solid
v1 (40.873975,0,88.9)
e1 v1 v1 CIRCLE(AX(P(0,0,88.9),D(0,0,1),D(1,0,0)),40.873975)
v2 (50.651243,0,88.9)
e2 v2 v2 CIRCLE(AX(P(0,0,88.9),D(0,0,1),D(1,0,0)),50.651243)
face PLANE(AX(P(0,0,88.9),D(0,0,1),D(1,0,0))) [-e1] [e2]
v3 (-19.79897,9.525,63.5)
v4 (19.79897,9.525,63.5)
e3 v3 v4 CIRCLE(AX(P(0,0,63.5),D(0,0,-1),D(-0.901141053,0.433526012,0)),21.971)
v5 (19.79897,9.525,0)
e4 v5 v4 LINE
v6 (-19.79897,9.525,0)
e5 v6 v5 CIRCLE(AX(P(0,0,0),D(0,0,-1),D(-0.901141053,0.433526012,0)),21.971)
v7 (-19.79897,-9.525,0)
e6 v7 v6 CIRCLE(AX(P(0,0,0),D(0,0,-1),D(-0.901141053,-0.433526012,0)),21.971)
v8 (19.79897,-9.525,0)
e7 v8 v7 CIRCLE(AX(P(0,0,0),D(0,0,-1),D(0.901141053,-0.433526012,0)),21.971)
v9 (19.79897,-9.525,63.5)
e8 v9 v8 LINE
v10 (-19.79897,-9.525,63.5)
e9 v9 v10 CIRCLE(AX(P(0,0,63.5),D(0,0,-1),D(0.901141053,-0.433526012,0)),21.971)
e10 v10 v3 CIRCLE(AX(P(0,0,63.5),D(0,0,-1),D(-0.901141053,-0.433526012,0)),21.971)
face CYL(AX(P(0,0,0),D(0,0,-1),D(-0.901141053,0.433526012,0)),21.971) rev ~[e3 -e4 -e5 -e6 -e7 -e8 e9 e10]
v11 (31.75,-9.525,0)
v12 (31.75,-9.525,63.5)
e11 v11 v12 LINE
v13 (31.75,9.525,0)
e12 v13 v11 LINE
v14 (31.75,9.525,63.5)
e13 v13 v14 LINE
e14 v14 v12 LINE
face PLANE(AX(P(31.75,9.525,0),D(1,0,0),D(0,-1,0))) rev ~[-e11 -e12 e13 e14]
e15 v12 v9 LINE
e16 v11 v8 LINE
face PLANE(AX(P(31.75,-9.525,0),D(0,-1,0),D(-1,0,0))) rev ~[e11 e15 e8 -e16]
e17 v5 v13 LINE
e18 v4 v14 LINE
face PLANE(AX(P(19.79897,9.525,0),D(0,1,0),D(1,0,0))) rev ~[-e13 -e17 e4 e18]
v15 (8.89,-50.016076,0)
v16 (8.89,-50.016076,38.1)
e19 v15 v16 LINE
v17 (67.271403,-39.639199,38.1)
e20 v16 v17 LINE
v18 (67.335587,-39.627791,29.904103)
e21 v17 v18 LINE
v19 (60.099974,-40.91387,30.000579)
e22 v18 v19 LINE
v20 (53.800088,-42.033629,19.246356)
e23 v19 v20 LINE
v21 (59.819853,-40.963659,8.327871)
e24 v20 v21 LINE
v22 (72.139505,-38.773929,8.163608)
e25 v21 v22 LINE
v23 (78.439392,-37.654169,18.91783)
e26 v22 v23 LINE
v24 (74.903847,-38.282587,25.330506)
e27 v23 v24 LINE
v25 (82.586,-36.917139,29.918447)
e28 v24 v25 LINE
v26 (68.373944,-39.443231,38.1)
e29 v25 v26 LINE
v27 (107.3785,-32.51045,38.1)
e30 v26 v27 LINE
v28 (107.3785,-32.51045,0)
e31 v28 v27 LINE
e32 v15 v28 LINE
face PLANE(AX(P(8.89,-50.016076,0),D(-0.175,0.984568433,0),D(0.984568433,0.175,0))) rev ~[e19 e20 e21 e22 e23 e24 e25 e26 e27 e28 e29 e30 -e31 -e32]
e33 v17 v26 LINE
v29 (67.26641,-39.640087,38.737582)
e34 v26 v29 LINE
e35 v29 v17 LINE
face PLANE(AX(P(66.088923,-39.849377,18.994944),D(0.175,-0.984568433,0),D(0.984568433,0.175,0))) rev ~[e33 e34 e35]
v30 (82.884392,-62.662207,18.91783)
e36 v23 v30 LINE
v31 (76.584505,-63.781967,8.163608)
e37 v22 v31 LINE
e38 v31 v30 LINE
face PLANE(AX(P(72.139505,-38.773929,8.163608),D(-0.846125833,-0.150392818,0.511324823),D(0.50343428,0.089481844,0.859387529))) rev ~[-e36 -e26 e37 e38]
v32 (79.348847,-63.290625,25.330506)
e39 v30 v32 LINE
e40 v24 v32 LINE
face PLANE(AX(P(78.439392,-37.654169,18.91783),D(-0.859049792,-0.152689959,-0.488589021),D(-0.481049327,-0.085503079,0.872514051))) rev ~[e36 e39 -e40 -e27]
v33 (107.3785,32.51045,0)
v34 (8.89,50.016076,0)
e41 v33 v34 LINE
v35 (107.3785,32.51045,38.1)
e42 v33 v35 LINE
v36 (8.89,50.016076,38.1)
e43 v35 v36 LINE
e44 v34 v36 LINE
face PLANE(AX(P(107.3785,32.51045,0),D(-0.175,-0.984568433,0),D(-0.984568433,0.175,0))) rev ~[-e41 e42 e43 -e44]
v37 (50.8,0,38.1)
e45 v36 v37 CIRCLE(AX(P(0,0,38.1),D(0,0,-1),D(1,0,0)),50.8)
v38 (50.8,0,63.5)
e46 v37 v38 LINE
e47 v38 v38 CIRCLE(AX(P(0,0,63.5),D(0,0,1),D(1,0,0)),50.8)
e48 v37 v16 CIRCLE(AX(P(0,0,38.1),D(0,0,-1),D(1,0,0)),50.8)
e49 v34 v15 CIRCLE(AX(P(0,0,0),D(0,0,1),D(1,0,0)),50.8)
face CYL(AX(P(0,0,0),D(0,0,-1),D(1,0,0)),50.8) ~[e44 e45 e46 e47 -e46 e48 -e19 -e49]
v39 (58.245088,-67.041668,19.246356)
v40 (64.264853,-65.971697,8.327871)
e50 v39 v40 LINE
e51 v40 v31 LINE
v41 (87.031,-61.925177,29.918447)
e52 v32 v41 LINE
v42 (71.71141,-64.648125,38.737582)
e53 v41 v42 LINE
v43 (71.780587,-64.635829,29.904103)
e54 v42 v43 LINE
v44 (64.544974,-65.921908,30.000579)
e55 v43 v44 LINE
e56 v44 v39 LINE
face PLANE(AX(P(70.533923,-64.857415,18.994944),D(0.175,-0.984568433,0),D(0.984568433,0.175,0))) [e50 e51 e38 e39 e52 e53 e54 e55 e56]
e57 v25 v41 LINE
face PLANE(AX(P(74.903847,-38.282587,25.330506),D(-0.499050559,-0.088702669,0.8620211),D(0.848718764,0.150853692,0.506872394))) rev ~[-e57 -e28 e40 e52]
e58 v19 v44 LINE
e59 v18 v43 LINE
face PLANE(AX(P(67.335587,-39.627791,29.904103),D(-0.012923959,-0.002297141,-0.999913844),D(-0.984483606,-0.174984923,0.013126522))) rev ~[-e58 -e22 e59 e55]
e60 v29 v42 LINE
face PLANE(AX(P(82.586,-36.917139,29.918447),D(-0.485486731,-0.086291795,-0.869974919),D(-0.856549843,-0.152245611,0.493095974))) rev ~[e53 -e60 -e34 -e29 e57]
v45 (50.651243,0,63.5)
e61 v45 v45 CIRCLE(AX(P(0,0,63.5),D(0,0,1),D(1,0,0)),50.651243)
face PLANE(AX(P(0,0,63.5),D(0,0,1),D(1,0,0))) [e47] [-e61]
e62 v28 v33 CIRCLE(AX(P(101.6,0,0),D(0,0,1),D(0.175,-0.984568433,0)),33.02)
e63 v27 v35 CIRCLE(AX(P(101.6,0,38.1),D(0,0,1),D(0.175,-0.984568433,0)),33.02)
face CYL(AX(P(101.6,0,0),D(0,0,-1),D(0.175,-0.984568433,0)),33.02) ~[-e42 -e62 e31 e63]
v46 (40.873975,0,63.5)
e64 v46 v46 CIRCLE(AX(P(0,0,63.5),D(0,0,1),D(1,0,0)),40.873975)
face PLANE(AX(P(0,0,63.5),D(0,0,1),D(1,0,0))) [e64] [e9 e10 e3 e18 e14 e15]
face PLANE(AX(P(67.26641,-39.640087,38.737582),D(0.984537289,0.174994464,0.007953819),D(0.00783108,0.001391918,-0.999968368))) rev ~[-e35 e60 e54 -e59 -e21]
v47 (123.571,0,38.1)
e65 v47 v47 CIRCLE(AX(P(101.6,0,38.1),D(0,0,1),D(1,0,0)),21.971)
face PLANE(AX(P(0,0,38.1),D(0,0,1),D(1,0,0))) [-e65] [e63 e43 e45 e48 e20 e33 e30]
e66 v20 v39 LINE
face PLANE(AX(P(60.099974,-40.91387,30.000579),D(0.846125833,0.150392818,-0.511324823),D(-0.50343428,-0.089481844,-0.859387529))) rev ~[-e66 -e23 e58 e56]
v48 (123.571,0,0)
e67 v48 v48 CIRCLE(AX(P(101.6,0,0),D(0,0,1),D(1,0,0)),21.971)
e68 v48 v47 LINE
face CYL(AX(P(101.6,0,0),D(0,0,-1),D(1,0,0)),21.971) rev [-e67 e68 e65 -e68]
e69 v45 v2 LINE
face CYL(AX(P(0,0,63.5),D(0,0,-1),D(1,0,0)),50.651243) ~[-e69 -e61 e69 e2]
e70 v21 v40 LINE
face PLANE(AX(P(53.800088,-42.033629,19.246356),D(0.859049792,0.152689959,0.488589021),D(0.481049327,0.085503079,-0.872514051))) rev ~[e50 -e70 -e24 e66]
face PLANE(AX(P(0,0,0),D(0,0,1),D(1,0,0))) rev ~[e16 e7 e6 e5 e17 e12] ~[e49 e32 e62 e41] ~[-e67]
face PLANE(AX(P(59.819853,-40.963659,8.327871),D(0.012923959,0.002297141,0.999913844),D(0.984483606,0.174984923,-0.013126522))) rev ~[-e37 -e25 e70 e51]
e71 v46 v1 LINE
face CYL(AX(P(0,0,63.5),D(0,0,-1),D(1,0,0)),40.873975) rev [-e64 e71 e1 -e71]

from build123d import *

# Parameters (mm, degrees)
F0_R     = 21.971
F1_DEPTH = 38.1
F2_DEPTH = 63.5
F5_DEPTH = 25.4
F6_R     = 50.6512427991
F6_R_2   = 40.8739745441
F7_DEPTH = 25.4


with BuildPart() as f1:
    # F0 (on Top) → F1 (new body)
    with BuildSketch(Plane.XY):
        with BuildLine():
            ThreePointArc((8.89, -50.0160764155), (38.9374626806, -32.6268907498), (50.8, 0))
            ThreePointArc((50.8, 0), (38.9374626806, 32.6268907498), (8.89, 50.0160764155))
            ThreePointArc((8.89, 50.0160764155), (-50.8, 0), (8.89, -50.0160764155))
        make_face()
        with BuildLine():
            ThreePointArc((-19.7989700742, 9.525), (0, 21.971), (19.7989700742, 9.525))
            Line((19.7989700742, 9.525), (31.75, 9.525))
            Line((31.75, 9.525), (31.75, -9.525))
            Line((31.75, -9.525), (19.7989700742, -9.525))
            ThreePointArc((19.7989700742, -9.525), (0, -21.971), (-19.7989700742, -9.525))
            Line((-19.7989700742, -9.525), (-31.75, -9.525))
            Line((-31.75, -9.525), (-31.75, 9.525))
            Line((-31.75, 9.525), (-19.7989700742, 9.525))
        make_face(mode=Mode.SUBTRACT)
        with BuildLine():
            ThreePointArc((8.89, 50.0160764155), (38.9374626806, 32.6268907498), (50.8, 0))
            ThreePointArc((50.8, 0), (38.9374626806, -32.6268907498), (8.89, -50.0160764155))
            Line((8.89, -50.0160764155), (107.3785, -32.5104496701))
            ThreePointArc((107.3785, -32.5104496701), (68.58, 0), (107.3785, 32.5104496701))
            Line((107.3785, 32.5104496701), (8.89, 50.0160764155))
        make_face()
        with BuildLine():
            ThreePointArc((134.62, 0), (126.9093507424, 21.2074789874), (107.3785, 32.5104496701))
            ThreePointArc((107.3785, 32.5104496701), (68.58, 0), (107.3785, -32.5104496701))
            ThreePointArc((107.3785, -32.5104496701), (126.9093507424, -21.2074789874), (134.62, 0))
        make_face()
        with Locations((101.6, 0)):
            Circle(F0_R, mode=Mode.SUBTRACT)
        with BuildLine():
            ThreePointArc((-19.7989700742, -9.525), (-21.971, 0), (-19.7989700742, 9.525))
            Line((-19.7989700742, 9.525), (-31.75, 9.525))
            Line((-31.75, 9.525), (-31.75, -9.525))
            Line((-31.75, -9.525), (-19.7989700742, -9.525))
        make_face()
    extrude(amount=F1_DEPTH)

    # F0 (on Top) → F2 (join)
    with BuildSketch(Plane.XY):
        with BuildLine():
            ThreePointArc((8.89, -50.0160764155), (38.9374626806, -32.6268907498), (50.8, 0))
            ThreePointArc((50.8, 0), (38.9374626806, 32.6268907498), (8.89, 50.0160764155))
            ThreePointArc((8.89, 50.0160764155), (-50.8, 0), (8.89, -50.0160764155))
        make_face()
        with BuildLine():
            ThreePointArc((-19.7989700742, 9.525), (0, 21.971), (19.7989700742, 9.525))
            Line((19.7989700742, 9.525), (31.75, 9.525))
            Line((31.75, 9.525), (31.75, -9.525))
            Line((31.75, -9.525), (19.7989700742, -9.525))
            ThreePointArc((19.7989700742, -9.525), (0, -21.971), (-19.7989700742, -9.525))
            Line((-19.7989700742, -9.525), (-31.75, -9.525))
            Line((-31.75, -9.525), (-31.75, 9.525))
            Line((-31.75, 9.525), (-19.7989700742, 9.525))
        make_face(mode=Mode.SUBTRACT)
        with BuildLine():
            ThreePointArc((-19.7989700742, -9.525), (-21.971, 0), (-19.7989700742, 9.525))
            Line((-19.7989700742, 9.525), (-31.75, 9.525))
            Line((-31.75, 9.525), (-31.75, -9.525))
            Line((-31.75, -9.525), (-19.7989700742, -9.525))
        make_face()
    extrude(amount=F2_DEPTH)

    # F4 (on face) → F5 (join)
    with BuildSketch(Plane(origin=(8.89, -50.0160764155, 0), x_dir=(0.9845684334, 0.175, 0), z_dir=(0.175, -0.9845684334, 0))):
        Polygon((64.2408422213, 8.1636081304), (70.6394698458, 18.9178303739), (67.0485100533, 25.3305059427), (59.4336241402, 20.8529178065), (59.3616303693, 29.9041031382), (52.0126105242, 30.0005785183), (45.6139828997, 19.2463562748), (51.7280987483, 8.3278710809), align=None)
        Polygon((59.4336241402, 20.8529178065), (67.0485100533, 25.3305059427), (64.5253539973, 29.8363155678), (59.3616303693, 29.9041031382), align=None)
        Polygon((64.5253539973, 29.8363155678), (67.0485100533, 25.3305059427), (74.8510695994, 29.9184470431), (59.2913682522, 38.7375818539), (59.3616303693, 29.9041031382), align=None)
    extrude(amount=F5_DEPTH)

    # F6 (on face) → F7 (join)
    with BuildSketch(Plane.XY.offset(63.5)):
        Circle(F6_R)
        Circle(F6_R_2, mode=Mode.SUBTRACT)
    extrude(amount=F7_DEPTH)


solid = f1.part
